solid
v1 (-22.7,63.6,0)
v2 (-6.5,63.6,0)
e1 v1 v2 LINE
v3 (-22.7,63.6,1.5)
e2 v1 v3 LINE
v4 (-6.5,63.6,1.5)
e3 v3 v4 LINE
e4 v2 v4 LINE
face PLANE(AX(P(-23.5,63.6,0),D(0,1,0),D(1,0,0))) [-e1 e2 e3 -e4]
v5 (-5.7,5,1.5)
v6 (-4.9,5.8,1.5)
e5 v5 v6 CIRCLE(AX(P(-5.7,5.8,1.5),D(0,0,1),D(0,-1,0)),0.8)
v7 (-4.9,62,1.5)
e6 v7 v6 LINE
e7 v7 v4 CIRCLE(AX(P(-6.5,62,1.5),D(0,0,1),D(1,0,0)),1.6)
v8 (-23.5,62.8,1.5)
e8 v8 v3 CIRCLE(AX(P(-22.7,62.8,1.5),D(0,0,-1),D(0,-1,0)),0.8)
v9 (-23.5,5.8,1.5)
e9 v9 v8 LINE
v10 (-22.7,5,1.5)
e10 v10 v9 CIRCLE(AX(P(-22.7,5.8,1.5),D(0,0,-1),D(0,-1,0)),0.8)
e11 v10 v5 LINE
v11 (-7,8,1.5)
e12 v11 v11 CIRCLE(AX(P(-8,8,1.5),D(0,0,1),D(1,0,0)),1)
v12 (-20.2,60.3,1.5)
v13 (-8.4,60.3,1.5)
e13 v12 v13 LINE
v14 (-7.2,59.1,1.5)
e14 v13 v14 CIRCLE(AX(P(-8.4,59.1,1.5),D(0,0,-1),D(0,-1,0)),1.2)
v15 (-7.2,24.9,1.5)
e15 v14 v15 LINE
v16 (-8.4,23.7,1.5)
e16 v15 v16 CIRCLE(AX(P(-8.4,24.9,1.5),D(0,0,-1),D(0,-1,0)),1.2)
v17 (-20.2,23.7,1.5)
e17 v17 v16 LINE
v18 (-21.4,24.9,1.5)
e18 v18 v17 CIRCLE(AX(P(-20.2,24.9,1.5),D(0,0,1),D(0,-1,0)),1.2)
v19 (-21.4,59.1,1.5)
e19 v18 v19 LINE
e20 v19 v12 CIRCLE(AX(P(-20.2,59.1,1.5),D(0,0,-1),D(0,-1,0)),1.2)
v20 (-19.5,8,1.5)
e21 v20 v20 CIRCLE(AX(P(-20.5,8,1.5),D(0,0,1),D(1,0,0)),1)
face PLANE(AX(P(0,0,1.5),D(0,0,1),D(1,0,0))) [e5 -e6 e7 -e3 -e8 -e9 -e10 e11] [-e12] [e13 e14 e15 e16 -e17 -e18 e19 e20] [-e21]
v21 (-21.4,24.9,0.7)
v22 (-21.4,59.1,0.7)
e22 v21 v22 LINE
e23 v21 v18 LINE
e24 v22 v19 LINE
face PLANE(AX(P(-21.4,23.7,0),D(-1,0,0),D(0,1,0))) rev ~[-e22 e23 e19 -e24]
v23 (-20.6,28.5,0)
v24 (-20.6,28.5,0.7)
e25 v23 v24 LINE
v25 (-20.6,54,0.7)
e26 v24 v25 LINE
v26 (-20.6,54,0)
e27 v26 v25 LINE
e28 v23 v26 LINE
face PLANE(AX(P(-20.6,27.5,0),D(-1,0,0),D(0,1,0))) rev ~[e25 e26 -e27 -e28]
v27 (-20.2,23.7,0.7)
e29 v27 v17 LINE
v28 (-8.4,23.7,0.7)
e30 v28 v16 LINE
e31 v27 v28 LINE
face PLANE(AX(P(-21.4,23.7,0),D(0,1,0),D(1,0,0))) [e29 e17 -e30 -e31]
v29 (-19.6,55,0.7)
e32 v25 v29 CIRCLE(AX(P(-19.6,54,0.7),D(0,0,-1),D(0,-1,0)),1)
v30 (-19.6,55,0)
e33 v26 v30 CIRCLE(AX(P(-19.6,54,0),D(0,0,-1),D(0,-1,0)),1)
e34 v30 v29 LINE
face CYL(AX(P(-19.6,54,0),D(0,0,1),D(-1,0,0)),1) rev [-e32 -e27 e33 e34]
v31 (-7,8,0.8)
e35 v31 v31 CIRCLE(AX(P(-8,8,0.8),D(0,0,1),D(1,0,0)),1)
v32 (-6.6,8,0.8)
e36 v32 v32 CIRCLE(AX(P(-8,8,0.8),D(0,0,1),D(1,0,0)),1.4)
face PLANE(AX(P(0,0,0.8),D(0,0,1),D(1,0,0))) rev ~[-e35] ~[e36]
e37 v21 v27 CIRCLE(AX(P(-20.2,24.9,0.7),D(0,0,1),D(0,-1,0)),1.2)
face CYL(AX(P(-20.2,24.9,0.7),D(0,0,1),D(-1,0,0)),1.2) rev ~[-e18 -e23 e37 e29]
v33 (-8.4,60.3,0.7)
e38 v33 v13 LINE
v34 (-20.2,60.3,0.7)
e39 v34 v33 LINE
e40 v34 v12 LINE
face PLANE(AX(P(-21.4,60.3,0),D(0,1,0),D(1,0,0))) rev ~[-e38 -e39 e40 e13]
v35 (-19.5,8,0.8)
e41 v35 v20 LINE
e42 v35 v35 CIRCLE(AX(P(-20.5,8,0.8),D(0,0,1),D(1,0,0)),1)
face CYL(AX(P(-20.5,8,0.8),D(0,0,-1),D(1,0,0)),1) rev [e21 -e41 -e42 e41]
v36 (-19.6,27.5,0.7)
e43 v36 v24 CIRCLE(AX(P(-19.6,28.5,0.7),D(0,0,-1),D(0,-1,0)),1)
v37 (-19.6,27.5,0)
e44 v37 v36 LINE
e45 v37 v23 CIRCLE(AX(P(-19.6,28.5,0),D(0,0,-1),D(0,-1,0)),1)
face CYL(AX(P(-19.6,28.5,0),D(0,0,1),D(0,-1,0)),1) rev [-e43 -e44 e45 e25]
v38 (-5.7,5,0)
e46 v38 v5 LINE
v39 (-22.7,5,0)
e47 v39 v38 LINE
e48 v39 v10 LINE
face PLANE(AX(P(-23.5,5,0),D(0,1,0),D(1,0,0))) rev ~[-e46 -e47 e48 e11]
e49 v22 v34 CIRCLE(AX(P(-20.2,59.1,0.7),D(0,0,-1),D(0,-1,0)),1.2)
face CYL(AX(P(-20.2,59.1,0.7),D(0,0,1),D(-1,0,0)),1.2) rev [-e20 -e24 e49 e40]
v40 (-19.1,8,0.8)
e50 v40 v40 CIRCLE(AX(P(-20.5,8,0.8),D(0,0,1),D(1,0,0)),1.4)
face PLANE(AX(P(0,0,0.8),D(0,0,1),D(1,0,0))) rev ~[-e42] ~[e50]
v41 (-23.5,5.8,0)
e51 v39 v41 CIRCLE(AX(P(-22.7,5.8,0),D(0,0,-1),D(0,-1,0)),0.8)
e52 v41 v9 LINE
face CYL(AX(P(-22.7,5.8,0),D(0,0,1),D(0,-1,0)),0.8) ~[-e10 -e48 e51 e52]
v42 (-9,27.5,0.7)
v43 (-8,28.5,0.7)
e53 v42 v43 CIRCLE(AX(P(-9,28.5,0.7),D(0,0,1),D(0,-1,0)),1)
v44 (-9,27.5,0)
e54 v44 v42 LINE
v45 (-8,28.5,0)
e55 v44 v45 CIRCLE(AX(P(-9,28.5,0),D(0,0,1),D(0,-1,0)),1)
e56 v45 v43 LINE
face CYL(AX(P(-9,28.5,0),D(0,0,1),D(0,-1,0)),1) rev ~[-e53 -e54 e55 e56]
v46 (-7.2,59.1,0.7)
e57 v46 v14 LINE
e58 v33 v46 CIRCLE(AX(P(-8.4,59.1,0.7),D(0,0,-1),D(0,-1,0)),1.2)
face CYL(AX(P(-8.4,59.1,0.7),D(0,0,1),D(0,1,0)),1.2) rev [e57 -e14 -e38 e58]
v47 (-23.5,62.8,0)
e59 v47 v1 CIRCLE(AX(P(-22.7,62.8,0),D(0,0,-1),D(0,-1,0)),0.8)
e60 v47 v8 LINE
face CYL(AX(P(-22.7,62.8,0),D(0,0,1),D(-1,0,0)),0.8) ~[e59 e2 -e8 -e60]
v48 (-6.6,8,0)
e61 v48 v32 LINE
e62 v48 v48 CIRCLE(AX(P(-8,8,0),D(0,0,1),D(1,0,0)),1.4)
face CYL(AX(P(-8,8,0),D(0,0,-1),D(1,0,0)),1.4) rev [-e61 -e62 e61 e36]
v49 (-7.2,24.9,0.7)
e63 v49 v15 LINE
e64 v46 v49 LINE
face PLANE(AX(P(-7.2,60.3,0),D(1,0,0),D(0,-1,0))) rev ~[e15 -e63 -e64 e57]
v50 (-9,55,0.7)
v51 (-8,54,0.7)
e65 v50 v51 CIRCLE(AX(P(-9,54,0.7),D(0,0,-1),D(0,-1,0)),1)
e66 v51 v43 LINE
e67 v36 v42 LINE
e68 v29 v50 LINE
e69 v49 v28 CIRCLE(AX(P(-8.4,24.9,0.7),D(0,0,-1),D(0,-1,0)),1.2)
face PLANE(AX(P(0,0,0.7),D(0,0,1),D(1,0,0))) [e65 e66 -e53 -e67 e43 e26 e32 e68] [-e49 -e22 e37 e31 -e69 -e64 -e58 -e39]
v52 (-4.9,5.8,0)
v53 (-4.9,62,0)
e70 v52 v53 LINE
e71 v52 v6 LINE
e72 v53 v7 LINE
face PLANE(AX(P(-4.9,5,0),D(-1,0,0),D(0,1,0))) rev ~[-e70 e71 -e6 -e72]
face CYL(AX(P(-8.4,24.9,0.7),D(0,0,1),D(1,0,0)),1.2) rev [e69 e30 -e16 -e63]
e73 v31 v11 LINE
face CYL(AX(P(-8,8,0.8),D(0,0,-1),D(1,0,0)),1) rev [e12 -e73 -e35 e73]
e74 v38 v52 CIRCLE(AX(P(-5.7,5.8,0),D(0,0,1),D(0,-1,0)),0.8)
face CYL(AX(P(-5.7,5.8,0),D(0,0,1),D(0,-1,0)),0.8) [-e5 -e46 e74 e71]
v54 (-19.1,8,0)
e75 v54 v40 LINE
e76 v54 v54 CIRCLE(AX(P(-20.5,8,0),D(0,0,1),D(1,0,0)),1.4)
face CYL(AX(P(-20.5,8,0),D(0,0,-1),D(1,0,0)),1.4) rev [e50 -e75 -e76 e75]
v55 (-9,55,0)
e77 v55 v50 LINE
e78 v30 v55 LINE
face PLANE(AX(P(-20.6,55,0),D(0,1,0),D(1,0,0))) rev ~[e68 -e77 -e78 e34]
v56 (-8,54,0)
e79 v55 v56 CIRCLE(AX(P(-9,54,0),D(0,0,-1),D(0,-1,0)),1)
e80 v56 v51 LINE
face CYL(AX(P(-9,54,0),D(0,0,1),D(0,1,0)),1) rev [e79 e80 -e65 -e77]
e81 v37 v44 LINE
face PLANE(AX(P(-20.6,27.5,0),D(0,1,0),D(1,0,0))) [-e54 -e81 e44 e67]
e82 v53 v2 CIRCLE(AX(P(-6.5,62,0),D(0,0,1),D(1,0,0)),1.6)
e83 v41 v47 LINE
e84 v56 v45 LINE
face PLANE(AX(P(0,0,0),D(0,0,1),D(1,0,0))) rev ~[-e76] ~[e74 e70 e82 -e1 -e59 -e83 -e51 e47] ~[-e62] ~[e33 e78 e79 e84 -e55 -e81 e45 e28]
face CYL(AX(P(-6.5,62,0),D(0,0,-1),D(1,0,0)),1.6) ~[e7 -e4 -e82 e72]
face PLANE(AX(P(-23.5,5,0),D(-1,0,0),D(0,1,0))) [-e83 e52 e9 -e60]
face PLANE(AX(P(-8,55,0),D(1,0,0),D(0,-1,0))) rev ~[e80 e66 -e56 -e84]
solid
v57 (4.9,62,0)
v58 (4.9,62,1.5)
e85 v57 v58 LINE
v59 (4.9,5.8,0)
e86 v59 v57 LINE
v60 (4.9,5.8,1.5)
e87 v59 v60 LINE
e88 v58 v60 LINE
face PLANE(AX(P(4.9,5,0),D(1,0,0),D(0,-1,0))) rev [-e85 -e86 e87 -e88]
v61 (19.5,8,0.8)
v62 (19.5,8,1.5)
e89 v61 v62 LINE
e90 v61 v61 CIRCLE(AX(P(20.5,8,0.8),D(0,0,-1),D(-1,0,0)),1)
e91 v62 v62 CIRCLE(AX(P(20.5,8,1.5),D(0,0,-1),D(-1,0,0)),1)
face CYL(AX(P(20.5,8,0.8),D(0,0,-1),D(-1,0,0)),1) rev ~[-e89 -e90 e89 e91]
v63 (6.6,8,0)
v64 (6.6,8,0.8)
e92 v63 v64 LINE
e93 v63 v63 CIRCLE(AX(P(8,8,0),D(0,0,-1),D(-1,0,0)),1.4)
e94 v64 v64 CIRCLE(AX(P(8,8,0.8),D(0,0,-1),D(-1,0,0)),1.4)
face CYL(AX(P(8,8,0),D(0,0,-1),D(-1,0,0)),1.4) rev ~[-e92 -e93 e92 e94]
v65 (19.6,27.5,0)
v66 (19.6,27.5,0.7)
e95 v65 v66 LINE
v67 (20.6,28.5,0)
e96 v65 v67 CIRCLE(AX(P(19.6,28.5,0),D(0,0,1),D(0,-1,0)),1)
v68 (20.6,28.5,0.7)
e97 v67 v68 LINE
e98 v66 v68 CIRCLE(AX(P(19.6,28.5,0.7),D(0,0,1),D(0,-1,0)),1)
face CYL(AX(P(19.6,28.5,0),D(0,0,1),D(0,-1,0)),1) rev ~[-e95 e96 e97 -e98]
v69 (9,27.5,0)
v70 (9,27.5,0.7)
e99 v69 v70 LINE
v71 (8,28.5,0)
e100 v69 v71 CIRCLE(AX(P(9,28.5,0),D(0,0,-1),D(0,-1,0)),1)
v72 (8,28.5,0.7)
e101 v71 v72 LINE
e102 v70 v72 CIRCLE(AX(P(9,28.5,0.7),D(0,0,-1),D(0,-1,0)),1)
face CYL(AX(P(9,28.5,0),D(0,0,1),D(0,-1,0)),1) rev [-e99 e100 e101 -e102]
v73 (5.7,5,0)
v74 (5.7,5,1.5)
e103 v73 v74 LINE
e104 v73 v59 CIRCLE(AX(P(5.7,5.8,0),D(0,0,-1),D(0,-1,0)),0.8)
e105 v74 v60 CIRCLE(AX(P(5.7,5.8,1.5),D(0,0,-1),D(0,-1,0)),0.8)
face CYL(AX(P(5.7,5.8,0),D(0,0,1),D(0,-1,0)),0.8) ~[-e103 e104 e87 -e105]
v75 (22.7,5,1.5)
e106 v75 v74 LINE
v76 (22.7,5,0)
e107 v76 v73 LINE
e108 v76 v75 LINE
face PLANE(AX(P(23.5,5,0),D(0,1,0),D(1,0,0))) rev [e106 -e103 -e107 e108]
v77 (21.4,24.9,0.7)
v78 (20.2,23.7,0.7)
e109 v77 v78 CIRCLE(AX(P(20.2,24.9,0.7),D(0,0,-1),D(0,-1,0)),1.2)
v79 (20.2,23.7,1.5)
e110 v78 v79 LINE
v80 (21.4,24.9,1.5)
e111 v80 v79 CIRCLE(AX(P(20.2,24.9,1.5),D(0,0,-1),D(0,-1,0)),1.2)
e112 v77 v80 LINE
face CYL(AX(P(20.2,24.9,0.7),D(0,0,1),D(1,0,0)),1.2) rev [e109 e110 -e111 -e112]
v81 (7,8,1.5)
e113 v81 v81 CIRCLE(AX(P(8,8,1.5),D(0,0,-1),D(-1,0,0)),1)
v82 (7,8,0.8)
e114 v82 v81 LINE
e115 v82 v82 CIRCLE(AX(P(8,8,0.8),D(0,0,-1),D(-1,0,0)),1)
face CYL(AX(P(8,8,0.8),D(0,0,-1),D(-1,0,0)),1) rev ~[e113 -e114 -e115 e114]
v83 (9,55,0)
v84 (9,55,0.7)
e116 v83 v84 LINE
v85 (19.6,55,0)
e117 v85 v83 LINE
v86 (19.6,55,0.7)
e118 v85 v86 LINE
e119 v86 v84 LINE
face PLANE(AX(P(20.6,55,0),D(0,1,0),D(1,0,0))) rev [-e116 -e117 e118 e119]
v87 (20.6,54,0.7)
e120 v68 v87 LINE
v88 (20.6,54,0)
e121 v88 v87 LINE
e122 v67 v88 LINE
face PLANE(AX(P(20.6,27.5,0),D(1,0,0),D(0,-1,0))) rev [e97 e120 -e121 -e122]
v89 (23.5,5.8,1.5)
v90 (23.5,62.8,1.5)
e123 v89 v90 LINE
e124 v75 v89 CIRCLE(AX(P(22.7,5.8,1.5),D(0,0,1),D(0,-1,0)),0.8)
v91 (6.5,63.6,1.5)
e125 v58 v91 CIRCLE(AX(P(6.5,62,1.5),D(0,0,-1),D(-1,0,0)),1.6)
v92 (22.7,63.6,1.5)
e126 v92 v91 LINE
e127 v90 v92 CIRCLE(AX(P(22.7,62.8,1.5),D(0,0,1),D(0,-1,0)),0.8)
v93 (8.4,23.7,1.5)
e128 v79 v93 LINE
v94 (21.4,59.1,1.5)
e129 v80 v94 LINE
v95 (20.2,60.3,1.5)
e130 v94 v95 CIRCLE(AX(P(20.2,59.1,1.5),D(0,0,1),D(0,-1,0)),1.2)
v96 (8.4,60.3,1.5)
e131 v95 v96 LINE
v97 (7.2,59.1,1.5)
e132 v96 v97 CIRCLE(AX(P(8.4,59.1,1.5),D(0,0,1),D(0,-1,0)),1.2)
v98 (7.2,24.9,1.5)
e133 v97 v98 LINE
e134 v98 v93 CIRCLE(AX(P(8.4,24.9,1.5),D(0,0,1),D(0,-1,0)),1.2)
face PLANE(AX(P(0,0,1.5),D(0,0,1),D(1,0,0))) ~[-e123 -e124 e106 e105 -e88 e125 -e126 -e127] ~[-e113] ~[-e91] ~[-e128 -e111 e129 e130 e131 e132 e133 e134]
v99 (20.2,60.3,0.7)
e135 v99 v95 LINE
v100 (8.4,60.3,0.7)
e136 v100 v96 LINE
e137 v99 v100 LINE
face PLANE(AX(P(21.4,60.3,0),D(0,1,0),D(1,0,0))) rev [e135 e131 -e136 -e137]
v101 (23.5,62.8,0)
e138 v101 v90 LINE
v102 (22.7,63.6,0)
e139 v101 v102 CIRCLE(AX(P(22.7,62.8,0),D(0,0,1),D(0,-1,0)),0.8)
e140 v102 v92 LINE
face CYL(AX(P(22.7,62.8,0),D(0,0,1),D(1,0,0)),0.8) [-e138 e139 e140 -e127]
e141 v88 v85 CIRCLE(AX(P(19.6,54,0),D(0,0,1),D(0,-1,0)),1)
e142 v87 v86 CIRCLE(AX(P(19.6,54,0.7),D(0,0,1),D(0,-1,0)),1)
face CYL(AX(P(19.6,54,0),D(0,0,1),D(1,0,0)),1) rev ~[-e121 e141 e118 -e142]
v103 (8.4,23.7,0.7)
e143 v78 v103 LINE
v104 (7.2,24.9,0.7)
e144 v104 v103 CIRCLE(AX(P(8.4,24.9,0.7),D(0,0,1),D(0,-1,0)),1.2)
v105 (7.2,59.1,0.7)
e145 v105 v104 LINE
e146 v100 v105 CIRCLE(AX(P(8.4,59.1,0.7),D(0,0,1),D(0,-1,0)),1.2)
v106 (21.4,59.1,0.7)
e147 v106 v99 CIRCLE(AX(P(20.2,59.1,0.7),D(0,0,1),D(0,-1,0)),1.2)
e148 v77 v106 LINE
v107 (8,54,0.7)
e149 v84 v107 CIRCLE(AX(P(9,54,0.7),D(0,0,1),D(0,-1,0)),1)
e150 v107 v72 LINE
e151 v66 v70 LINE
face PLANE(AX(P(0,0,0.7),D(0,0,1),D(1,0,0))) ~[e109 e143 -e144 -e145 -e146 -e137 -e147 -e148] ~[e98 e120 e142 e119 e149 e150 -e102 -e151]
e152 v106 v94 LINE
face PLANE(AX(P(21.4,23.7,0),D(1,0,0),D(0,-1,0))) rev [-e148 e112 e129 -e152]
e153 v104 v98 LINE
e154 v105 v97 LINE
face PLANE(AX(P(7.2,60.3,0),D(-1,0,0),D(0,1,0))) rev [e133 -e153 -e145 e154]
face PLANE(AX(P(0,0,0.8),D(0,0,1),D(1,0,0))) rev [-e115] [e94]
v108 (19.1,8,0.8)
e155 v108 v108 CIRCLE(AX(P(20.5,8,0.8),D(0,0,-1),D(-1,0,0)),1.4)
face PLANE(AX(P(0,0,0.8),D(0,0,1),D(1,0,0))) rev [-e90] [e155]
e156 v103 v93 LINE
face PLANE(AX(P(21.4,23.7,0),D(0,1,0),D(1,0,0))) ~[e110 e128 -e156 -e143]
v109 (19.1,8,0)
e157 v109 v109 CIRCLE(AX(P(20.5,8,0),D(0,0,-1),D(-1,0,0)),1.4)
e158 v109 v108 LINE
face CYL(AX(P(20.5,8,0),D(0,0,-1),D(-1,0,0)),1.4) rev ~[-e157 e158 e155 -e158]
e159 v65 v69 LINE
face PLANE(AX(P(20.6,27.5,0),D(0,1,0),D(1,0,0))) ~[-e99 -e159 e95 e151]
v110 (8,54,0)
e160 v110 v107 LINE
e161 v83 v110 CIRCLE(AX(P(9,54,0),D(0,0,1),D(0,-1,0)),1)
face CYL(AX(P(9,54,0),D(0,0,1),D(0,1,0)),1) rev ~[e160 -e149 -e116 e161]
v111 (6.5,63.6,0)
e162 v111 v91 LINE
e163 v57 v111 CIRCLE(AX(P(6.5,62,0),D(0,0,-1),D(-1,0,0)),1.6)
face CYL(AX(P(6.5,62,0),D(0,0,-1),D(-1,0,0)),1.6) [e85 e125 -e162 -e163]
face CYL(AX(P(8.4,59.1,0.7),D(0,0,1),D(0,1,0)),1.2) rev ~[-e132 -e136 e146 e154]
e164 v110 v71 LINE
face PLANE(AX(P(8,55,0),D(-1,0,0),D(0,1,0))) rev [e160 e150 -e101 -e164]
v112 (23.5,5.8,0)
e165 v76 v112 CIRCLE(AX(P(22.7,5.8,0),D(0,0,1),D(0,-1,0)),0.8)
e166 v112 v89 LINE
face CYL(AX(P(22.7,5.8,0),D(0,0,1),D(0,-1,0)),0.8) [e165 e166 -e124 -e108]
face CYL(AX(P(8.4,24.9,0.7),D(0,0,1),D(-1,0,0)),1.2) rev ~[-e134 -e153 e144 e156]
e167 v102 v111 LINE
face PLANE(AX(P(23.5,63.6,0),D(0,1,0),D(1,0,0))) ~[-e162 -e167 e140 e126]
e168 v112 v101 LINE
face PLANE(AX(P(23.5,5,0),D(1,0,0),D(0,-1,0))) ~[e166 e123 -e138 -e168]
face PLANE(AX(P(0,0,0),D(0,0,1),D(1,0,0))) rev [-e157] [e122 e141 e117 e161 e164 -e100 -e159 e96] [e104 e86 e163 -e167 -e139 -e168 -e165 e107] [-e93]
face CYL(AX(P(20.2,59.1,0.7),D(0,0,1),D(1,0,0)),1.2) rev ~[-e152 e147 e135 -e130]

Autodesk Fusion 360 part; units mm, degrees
sketch "mriya-display-cover" plane through (0, 0, 0) normal (0, 0, 1) x (1, 0, 0)
  line L0 (-21.4, 23.7) -> (-21.4, 60.3)
  line L1 (-22.7, 5) -> (-5.8, 5) construction
  line L2 (-5, 5.8) -> (-5, 62) construction
  arc A0 (-5.8, 5) -> (-5, 5.8) centre (-5.8, 5.8) ccw construction
  arc A1 (-23.5, 5.8) -> (-22.7, 5) centre (-22.7, 5.8) ccw construction
  line L3 (-4.9, 5) -> (-4.9, 62)
  line L4 (-7.2, 60.3) -> (-7.2, 23.7)
  line L5 (-23.5, 5.8) -> (-23.5, 62.7) construction
  line L6 (-23.5, 63.6) -> (-6.5, 63.6)
  arc A2 (-10, 62.8) -> (-9.3, 63.5) centre (-10, 63.5) ccw construction
  line L7 (-20.6, 27.5) -> (-20.6, 55)
  line L8 (-8, 55) -> (-8, 27.5)
  arc A3 (-19.3, 63.5) -> (-18.6, 62.8) centre (-18.6, 63.5) ccw construction
  line L9 (-20.6, 55) -> (-8, 55)
  line L10 (-18.6, 62.8) -> (-10, 62.8) construction
  arc A4 (-22.7, 63.5) -> (-23.5, 62.7) centre (-22.7, 62.7) ccw construction
  line L11 (-22.7, 63.5) -> (-6.5, 63.5) construction
  line L12 (-21.4, 60.3) -> (-7.2, 60.3)
  line L13 (-20.6, 27.5) -> (-8, 27.5)
  line L14 (-23.5, 5) -> (-4.9, 5)
  circle A5 centre (-8, 8) radius 1.4
  circle A6 centre (-8, 20.7) radius 1 construction
  circle A7 centre (-20.5, 8) radius 1.4
  line L15 (-23.5, 5) -> (-23.5, 63.6)
  arc A8 (-5, 62) -> (-6.5, 63.5) centre (-6.5, 62) ccw construction
  arc A9 (-4.9, 62) -> (-6.5, 63.6) centre (-6.5, 62) ccw
  circle A10 centre (-20.5, 8) radius 1
  circle A11 centre (-8, 8) radius 1
  line L16 (-21.4, 23.7) -> (-7.2, 23.7)
  line L17 (-5, 23.7) -> (-4.9, 23.7)
  dimension "d601" = 2.8
  dimension "d602" = 2.8
  dimension "d606" = 2
  dimension "d609" = 2
  dimension "d610" = 2
extrude "Extrude78" add sketch "mriya-display-cover" along normal blind 1.5 contours L3 L6 L14 L15 A9 makes body 1
extrude "Extrude79" add sketch "mriya-display-cover" along normal blind 0.7 contours L0 L4 L12 L16 bodies 1
extrude "Extrude80" add sketch "mriya-display-cover" along normal blind 0.7 from surface at 0.8 contours A5 | A7 bodies 1
fillet "Fillet57" radius 0.8 3 edges at (-4.9, 5, 0.75) (-23.5, 5, 0.75) (-23.5, 63.6, 0.75) on bodies 1
fillet "Fillet58" radius 1 4 edges at (-20.6, 27.5, 0.35) (-8, 27.5, 0.35) (-20.6, 55, 0.35) (-8, 55, 0.35) on bodies 1
fillet "Fillet59" radius 1.2 4 edges at (-7.2, 23.7, 1.1) (-21.4, 23.7, 1.1) (-21.4, 60.3, 1.1) (-7.2, 60.3, 1.1) on bodies 1
mirror "Mirror10" about plane through (0, 0, 0) normal (1, 0, 0) of bodies 1 makes body 2
